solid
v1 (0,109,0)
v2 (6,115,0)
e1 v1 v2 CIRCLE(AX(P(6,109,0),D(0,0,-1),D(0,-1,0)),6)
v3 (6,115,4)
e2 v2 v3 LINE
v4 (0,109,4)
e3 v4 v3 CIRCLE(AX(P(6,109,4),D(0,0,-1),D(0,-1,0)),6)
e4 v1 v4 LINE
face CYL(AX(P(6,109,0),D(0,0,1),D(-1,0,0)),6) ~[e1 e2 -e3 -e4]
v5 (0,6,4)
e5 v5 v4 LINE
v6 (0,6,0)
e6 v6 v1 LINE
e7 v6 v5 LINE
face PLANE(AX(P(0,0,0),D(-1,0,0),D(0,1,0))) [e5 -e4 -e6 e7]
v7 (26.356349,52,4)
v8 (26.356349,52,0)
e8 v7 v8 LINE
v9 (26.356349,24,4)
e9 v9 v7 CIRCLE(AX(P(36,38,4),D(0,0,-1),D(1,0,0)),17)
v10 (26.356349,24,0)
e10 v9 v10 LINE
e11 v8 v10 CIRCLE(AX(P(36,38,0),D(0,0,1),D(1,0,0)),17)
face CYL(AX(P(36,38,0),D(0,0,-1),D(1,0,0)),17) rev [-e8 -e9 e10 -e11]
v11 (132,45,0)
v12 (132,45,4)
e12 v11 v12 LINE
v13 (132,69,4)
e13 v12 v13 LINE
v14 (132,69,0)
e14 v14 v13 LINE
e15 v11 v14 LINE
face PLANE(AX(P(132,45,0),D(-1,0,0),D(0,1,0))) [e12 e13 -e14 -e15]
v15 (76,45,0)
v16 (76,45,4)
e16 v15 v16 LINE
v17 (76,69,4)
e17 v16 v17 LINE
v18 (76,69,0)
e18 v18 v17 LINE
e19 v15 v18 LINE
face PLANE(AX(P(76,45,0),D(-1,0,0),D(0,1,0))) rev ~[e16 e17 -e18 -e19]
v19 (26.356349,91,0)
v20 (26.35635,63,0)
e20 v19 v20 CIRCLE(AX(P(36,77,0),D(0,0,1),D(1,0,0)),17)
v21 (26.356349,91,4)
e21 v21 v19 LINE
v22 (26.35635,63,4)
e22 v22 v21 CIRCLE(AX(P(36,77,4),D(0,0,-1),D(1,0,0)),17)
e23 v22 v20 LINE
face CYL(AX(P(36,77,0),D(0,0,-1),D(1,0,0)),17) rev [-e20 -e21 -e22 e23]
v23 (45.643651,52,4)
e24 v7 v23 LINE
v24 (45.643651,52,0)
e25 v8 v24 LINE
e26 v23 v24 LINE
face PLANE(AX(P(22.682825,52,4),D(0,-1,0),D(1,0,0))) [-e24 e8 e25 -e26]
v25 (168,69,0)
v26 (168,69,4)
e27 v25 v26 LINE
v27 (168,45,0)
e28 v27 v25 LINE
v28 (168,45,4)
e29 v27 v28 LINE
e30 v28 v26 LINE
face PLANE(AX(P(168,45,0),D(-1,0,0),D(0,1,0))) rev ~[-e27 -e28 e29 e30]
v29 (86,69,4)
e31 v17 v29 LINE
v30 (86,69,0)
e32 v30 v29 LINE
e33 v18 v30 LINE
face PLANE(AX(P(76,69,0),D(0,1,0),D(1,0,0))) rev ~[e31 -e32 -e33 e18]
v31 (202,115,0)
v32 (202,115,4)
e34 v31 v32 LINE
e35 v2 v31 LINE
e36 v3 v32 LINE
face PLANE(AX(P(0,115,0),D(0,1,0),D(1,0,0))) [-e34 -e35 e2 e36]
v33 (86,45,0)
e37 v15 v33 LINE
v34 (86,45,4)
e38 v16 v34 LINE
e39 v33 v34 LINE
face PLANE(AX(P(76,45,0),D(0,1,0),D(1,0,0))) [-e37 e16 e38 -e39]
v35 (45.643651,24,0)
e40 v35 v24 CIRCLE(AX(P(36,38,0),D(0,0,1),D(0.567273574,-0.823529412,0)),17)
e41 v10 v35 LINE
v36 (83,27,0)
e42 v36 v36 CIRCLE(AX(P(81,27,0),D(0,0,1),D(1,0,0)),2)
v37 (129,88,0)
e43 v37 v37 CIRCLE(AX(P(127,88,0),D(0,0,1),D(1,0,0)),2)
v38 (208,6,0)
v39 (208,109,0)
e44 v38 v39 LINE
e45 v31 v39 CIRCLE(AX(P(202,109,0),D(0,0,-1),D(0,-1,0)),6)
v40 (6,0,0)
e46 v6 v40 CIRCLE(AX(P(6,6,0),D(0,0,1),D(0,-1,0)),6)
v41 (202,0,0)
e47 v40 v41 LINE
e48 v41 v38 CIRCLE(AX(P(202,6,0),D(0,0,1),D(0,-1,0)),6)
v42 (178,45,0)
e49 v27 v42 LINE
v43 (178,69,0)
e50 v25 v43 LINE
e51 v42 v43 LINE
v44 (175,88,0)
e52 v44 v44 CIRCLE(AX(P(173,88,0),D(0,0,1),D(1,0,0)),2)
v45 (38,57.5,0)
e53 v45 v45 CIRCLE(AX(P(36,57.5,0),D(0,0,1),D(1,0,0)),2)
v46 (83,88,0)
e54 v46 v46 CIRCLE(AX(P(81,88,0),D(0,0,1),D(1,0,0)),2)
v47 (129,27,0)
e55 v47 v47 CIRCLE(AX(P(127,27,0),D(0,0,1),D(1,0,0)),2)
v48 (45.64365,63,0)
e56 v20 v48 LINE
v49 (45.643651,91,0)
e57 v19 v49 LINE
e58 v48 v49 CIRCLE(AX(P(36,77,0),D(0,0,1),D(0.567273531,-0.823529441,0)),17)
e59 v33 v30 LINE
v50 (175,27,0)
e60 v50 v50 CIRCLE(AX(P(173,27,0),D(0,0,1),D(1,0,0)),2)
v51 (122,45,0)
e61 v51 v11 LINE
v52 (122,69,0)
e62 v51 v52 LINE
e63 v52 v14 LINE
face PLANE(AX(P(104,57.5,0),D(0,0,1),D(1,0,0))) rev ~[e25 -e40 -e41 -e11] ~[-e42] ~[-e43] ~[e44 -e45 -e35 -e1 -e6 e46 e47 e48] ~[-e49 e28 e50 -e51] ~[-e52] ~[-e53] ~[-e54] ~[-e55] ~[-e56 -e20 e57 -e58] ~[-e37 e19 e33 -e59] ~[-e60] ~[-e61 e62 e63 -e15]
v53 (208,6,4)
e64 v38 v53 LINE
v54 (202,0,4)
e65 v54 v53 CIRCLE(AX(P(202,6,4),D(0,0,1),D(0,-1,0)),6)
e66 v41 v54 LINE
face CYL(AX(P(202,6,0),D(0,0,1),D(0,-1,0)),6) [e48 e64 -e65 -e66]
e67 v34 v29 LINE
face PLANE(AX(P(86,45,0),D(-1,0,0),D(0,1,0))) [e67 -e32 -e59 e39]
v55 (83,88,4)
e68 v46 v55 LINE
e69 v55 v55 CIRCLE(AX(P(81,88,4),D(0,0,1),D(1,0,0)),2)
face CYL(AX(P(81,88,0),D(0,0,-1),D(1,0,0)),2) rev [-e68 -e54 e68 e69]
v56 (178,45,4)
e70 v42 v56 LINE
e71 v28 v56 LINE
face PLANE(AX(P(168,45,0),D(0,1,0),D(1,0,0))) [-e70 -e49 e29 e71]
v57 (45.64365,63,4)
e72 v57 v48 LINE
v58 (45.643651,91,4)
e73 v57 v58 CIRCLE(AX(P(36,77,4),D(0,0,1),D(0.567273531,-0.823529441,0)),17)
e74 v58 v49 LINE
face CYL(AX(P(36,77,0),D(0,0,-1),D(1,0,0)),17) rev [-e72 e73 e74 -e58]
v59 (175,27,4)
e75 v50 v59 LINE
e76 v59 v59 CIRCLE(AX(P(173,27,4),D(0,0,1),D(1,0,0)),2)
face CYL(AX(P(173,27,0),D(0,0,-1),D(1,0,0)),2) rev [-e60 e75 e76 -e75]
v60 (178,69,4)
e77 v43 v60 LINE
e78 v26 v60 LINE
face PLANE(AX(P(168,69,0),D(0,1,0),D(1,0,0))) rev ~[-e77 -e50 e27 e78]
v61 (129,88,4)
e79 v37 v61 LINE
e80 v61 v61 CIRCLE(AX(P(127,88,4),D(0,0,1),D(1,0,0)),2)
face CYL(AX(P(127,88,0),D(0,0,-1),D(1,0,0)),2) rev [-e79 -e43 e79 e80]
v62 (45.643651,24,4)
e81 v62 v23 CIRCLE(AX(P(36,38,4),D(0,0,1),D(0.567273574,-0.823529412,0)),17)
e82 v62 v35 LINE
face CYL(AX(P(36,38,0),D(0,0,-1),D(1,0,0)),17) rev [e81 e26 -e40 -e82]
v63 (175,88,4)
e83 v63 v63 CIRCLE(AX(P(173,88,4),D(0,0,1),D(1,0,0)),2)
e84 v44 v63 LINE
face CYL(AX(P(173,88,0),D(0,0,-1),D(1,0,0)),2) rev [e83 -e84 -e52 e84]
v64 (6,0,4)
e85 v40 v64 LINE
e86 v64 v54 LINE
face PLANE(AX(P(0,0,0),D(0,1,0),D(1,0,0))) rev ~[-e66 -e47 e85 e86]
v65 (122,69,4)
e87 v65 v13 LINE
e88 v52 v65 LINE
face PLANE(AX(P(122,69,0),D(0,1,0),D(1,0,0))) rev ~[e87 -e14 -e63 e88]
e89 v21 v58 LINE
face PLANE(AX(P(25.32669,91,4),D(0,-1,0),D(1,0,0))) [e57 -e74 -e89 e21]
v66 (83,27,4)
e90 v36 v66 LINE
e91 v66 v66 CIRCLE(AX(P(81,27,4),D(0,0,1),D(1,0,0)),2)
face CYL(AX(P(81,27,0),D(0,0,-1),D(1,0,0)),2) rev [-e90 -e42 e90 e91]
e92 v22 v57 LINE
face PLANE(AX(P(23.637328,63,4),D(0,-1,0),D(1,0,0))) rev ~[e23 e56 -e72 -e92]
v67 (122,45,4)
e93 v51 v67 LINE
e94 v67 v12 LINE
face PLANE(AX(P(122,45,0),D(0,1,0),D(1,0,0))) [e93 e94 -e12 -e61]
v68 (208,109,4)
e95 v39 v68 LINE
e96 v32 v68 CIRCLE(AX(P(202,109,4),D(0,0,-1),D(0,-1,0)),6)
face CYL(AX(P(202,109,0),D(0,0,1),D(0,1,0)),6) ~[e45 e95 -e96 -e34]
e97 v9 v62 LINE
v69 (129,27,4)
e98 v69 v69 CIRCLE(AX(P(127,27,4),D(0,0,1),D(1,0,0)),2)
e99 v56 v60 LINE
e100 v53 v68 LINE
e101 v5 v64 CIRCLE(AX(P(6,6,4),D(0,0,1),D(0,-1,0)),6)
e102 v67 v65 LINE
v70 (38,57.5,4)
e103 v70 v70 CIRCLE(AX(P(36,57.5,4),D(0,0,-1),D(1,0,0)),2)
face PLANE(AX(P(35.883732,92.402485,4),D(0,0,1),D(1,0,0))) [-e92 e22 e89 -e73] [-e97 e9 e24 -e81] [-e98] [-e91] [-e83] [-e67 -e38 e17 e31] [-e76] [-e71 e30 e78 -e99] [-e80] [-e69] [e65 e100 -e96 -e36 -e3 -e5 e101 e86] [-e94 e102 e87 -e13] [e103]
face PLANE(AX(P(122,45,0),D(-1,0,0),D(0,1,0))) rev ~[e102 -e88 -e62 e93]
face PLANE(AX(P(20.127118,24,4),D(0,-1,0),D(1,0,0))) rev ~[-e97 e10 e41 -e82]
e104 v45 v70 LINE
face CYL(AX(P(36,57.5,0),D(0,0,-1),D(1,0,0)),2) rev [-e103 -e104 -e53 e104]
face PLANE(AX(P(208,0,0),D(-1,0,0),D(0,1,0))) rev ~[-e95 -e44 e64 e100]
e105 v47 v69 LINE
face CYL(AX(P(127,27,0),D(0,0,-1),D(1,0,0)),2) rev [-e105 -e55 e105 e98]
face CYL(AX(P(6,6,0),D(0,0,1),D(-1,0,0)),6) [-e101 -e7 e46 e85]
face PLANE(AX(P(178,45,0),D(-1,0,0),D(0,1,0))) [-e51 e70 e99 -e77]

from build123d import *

# Parameters (mm, degrees)
F0_W     = 208
F0_H     = 115
F0_R     = 2
F0_W_2   = 10
F0_H_2   = 24
F1_DEPTH = 4
F2_R     = 6
F4_R     = 2
F4_R_2   = 17
F5_DEPTH = 25
F6_W     = 27.550638
F6_H     = 3.205147
F6_W_2   = 29.028984
F6_H_2   = 3.037915
F6_W_3   = 33.224199
F6_H_3   = 3
F7_DEPTH = 4


with BuildPart() as f1:
    # F0 (on Top) → F1 (new body)
    with BuildSketch(Plane.XY):
        with Locations((104, 57.5)):
            Rectangle(F0_W, F0_H)
        with Locations((81, 27)):
            Circle(F0_R, mode=Mode.SUBTRACT)
        with Locations((81, 57)):
            Rectangle(F0_W_2, F0_H_2, mode=Mode.SUBTRACT)
        with Locations((127, 27)):
            Circle(F0_R, mode=Mode.SUBTRACT)
        with Locations((173, 27)):
            Circle(F0_R, mode=Mode.SUBTRACT)
        with Locations((127, 57)):
            Rectangle(F0_W_2, F0_H_2, mode=Mode.SUBTRACT)
        with Locations((173, 57)):
            Rectangle(F0_W_2, F0_H_2, mode=Mode.SUBTRACT)
        with Locations((81, 88)):
            Circle(F0_R, mode=Mode.SUBTRACT)
        with Locations((127, 88)):
            Circle(F0_R, mode=Mode.SUBTRACT)
        with Locations((173, 88)):
            Circle(F0_R, mode=Mode.SUBTRACT)
    extrude(amount=F1_DEPTH)

    # F2
    f2_edges = [f1.edges().sort_by_distance(p)[0] for p in [
        (0, 115, 2),
        (208, 115, 2),
        (208, 0, 2),
        (0, 0, 2),
    ]]
    fillet(f2_edges, radius=F2_R)

    # F4 (on Top) → F5 (cut)
    with BuildSketch(Plane.XY):
        with Locations((36, 57.5)):
            Circle(F4_R)
        with Locations((36, 77)):
            Circle(F4_R_2)
        with Locations((36, 38)):
            Circle(F4_R_2)
    extrude(amount=F5_DEPTH, mode=Mode.SUBTRACT)

    # F6 (on face) → F7 (join)
    with BuildSketch(Plane.XY.offset(4)):
        Polygon((32.74464, 94.836249), (25.32669, 91), (46.063566, 91), (43.255925, 94.420469), align=None)
        with Locations((37.412647, 61.397426)):
            Rectangle(F6_W, F6_H)
        with Locations((37.197317, 53.518957)):
            Rectangle(F6_W_2, F6_H_2)
        with Locations((36.739217, 22.5)):
            Rectangle(F6_W_3, F6_H_3)
    extrude(amount=-F7_DEPTH)


solid = f1.part
